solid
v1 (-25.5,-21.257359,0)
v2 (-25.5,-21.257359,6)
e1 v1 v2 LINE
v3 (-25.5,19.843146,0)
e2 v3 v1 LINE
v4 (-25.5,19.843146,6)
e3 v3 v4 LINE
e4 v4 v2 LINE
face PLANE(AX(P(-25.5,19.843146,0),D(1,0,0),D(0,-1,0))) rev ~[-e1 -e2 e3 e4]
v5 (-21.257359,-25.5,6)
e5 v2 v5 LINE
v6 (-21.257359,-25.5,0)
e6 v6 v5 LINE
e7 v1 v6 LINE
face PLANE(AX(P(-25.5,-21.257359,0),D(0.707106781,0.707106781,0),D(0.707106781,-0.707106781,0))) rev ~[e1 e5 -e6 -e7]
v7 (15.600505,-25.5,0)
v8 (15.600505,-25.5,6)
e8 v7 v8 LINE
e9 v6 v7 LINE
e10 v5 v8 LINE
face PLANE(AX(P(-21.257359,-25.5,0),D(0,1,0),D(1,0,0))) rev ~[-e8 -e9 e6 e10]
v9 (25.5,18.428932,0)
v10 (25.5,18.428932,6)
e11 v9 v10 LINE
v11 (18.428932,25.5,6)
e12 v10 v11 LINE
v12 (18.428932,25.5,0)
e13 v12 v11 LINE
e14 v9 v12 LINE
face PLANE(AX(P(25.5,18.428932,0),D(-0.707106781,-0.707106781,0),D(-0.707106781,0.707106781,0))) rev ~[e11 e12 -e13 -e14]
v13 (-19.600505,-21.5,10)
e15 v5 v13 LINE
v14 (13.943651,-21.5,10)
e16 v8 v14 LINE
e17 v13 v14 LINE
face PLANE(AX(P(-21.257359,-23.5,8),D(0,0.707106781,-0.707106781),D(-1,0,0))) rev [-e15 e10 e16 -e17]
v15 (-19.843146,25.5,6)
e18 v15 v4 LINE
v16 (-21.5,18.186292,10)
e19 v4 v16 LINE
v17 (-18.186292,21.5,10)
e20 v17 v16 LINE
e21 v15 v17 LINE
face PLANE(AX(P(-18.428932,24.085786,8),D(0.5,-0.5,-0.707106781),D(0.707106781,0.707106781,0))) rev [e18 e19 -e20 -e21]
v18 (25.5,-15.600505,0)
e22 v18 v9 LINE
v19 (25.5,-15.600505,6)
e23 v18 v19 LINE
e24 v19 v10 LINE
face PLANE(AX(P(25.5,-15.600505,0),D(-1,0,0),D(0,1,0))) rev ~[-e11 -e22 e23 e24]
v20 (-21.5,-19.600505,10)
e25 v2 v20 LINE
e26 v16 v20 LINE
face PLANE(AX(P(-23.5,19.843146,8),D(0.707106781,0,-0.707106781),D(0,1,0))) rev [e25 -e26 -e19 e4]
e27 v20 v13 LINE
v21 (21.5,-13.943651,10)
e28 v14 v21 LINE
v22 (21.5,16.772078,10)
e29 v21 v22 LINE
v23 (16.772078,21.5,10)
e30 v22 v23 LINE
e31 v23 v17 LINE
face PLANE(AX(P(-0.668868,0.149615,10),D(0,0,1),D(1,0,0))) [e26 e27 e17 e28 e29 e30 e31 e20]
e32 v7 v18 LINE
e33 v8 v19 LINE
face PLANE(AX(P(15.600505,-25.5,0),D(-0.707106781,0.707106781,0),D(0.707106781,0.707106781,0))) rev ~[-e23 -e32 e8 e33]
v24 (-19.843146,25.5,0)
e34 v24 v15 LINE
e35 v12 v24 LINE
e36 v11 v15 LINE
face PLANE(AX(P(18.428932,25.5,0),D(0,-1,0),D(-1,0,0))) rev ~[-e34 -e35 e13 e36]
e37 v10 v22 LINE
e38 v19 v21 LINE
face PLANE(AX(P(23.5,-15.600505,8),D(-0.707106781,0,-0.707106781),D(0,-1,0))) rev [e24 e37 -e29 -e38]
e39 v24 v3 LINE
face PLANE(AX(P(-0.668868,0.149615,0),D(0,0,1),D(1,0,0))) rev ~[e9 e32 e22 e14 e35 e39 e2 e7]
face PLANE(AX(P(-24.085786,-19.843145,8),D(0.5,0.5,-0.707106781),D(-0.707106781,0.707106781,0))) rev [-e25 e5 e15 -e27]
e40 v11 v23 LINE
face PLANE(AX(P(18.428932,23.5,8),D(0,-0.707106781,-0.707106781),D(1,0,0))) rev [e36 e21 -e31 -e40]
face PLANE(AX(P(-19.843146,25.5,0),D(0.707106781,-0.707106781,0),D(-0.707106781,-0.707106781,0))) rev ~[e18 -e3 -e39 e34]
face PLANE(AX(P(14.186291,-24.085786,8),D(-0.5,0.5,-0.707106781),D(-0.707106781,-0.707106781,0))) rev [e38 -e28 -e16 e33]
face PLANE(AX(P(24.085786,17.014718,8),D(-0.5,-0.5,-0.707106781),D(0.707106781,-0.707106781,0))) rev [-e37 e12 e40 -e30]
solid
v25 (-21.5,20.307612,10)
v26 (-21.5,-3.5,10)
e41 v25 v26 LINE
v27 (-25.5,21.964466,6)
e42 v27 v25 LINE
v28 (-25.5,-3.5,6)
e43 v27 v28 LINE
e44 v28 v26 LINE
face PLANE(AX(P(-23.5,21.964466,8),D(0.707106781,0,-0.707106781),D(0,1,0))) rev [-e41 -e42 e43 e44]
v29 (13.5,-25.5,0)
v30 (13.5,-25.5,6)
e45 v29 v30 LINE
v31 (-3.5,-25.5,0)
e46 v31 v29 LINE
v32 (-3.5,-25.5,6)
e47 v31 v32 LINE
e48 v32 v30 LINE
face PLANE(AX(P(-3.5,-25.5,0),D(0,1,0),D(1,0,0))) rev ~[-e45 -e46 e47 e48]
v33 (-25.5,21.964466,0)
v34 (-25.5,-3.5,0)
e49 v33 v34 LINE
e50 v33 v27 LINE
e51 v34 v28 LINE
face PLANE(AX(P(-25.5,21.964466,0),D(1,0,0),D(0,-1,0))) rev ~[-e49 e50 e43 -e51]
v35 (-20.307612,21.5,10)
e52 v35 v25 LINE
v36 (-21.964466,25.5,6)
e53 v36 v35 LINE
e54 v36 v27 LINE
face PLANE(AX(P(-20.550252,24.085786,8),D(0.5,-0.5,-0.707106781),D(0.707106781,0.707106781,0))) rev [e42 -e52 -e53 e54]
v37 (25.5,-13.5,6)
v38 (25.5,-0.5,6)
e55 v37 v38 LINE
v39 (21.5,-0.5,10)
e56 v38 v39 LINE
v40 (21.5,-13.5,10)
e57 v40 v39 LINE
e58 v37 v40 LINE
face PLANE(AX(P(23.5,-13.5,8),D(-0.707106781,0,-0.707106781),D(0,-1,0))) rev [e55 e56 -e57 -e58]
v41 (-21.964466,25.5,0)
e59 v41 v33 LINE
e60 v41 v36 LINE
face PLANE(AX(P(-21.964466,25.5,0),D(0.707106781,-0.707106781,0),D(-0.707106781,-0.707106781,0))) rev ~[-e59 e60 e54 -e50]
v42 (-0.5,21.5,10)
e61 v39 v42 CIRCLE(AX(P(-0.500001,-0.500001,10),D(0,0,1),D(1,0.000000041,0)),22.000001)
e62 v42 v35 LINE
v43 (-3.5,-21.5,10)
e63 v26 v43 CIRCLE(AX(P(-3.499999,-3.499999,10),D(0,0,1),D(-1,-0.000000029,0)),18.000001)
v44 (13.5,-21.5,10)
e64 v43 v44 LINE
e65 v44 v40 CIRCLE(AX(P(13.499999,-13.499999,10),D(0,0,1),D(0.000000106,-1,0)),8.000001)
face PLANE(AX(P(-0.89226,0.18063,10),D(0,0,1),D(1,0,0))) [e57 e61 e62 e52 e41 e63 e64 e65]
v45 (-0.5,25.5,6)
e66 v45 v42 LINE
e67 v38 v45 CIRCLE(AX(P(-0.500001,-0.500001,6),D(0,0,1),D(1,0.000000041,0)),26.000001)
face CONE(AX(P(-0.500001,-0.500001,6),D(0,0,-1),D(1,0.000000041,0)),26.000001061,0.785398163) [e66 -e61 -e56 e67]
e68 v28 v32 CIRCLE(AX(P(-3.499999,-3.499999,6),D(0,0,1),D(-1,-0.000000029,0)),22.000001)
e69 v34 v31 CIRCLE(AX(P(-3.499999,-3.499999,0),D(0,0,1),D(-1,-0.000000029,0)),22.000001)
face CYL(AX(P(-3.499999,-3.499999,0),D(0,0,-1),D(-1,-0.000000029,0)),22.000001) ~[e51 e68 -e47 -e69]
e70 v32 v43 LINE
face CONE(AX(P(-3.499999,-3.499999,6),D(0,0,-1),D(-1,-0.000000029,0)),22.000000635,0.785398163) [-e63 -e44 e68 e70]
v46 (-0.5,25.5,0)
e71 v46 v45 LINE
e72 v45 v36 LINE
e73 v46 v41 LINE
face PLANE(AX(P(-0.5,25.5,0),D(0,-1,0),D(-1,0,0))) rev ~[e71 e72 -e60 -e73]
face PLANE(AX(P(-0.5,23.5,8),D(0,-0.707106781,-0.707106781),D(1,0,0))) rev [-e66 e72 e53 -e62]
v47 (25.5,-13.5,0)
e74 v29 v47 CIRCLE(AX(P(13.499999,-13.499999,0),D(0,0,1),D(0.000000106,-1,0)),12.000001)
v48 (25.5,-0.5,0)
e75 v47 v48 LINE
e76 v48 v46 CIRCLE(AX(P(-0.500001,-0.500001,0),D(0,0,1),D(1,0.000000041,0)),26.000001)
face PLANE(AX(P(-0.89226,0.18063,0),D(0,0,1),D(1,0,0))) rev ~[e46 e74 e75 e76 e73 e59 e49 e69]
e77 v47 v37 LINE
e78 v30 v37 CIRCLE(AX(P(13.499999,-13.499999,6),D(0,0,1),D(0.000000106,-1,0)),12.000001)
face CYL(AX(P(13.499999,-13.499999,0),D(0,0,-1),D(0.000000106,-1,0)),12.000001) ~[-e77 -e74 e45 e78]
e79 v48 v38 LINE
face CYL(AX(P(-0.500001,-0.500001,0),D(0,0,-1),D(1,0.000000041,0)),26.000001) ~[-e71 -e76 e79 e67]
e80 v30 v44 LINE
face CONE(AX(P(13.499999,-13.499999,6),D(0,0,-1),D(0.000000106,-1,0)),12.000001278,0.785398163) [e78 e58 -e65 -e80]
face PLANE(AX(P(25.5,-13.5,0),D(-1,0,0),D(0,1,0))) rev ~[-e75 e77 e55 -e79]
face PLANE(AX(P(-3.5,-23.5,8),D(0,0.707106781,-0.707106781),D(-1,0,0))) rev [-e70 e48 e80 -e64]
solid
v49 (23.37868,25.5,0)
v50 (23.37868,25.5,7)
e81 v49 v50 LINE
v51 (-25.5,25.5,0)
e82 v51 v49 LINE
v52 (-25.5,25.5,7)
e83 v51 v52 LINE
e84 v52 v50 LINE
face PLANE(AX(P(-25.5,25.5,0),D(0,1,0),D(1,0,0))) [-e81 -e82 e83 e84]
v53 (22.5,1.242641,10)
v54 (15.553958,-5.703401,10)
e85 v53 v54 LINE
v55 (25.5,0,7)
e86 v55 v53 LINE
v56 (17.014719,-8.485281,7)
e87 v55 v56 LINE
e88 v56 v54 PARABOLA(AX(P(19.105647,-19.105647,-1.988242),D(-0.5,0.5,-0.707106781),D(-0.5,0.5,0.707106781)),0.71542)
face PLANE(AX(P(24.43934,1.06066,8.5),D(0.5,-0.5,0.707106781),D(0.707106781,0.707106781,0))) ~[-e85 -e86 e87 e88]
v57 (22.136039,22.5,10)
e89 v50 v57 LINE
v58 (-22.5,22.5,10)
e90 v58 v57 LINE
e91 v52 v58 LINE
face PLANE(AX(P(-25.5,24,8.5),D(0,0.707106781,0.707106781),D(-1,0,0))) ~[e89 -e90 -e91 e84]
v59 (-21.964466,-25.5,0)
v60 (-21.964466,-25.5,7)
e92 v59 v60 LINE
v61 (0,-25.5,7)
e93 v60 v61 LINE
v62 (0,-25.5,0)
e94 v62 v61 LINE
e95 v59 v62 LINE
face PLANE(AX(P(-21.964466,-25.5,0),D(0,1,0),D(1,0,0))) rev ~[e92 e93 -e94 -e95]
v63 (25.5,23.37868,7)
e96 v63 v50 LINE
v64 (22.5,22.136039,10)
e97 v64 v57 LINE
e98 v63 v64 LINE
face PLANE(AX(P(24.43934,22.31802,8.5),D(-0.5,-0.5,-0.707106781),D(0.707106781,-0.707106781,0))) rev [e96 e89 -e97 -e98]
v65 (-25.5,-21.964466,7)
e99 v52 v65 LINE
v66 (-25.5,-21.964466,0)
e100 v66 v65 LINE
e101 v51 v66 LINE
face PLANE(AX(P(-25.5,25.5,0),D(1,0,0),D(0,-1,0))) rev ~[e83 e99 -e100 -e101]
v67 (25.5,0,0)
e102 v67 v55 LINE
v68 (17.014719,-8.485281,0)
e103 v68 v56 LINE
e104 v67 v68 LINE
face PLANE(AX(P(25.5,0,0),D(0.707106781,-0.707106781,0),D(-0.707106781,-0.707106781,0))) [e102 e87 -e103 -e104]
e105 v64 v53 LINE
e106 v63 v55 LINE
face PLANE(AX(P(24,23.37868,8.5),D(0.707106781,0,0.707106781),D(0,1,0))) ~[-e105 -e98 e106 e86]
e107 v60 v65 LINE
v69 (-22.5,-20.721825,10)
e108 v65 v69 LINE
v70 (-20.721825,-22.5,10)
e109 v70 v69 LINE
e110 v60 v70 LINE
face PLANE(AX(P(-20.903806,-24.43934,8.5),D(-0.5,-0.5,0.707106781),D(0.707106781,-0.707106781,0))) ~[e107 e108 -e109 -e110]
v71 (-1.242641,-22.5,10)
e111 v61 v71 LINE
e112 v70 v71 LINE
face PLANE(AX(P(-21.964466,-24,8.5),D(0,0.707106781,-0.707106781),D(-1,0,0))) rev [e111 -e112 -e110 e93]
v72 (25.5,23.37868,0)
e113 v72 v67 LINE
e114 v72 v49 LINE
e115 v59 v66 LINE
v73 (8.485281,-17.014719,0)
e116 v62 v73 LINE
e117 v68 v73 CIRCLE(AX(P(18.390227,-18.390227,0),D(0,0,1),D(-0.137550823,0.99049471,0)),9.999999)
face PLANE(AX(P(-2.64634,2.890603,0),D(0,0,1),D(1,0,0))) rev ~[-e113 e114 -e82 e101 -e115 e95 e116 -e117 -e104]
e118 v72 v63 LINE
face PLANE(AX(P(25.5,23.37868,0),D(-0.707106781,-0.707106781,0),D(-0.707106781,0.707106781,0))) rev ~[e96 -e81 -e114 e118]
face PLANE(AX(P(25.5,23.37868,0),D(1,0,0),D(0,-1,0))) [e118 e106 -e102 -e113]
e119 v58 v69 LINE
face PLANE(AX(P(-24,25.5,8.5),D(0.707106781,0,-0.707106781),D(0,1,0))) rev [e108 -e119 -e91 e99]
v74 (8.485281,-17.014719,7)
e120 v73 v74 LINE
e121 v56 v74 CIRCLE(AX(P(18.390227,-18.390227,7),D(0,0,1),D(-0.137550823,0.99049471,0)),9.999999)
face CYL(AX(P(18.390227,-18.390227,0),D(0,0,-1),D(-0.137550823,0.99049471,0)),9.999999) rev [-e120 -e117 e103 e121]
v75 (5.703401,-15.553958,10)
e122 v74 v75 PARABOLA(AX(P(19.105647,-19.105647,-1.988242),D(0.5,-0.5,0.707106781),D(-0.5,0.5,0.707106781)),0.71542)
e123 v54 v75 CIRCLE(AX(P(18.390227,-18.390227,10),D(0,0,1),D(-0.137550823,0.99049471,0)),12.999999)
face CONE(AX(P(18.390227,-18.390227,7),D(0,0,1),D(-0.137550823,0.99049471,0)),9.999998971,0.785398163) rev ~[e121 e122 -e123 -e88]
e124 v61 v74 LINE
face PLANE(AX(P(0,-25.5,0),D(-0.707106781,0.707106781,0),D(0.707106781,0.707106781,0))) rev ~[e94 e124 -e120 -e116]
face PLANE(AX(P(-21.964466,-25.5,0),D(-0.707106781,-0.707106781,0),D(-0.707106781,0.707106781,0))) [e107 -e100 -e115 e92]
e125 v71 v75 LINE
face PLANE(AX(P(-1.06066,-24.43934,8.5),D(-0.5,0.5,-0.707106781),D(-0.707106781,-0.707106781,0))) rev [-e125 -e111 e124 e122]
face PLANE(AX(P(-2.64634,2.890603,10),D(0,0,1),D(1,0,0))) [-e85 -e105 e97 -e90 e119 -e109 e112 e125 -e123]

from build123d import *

# Parameters (mm, degrees)
PAD_DEPTH       = 10
CHAMFER_SIZE    = 4
PAD001_DEPTH    = 10
CHAMFER001_SIZE = 4
PAD002_DEPTH    = 10
CHAMFER002_SIZE = 3


with BuildPart() as f_2body:
    # Sketch → Pad (new body)
    with BuildSketch(Plane.XY):
        Polygon((-25.5, 19.843146), (-25.5, -21.257359), (-21.257359, -25.5), (15.600505, -25.5), (25.5, -15.600505), (25.5, 18.428932), (18.428932, 25.5), (-19.843146, 25.5), align=None)
    extrude(amount=PAD_DEPTH)

    # Chamfer
    chamfer_edges = [f_2body.edges().sort_by_distance(p)[0] for p in [
        (-2.828427, -25.5, 10),
        (-23.37868, -23.37868, 10),
        (-25.5, -0.707107, 10),
        (-22.671573, 22.671573, 10),
        (-0.707107, 25.5, 10),
        (21.964466, 21.964466, 10),
        (25.5, 1.414214, 10),
        (20.550253, -20.550253, 10),
    ]]
    chamfer(chamfer_edges, length=CHAMFER_SIZE)


with BuildPart() as f_4body:
    # Sketch001 → Pad001 (new body)
    with BuildSketch(Plane.XY):
        with BuildLine():
            Line((-3.5, -25.5), (13.5, -25.5))
            ThreePointArc((13.5, -25.5), (21.985281, -21.985281), (25.5, -13.5))
            Line((25.5, -13.5), (25.5, -0.5))
            ThreePointArc((25.5, -0.5), (17.884776, 17.884776), (-0.5, 25.5))
            Line((-0.5, 25.5), (-21.964466, 25.5))
            Line((-21.964466, 25.5), (-25.5, 21.964466))
            Line((-25.5, 21.964466), (-25.5, -3.5))
            ThreePointArc((-25.5, -3.5), (-19.056349, -19.056349), (-3.5, -25.5))
        make_face()
    extrude(amount=PAD001_DEPTH)

    # Chamfer001
    chamfer001_edges = [f_4body.edges().sort_by_distance(p)[0] for p in [
        (-23.732233, 23.732233, 10),
        (-11.232233, 25.5, 10),
        (17.884776, 17.884776, 10),
        (25.5, -7, 10),
        (21.985281, -21.985281, 10),
        (5, -25.5, 10),
        (-19.056349, -19.056349, 10),
        (-25.5, 9.232233, 10),
    ]]
    chamfer(chamfer001_edges, length=CHAMFER001_SIZE)


with BuildPart() as f_3body:
    # Sketch002 → Pad002 (new body)
    with BuildSketch(Plane.XY):
        with BuildLine():
            Line((-25.5, 25.5), (-25.5, -21.964466))
            Line((-21.964466, -25.5), (-25.5, -21.964466))
            Line((-21.964466, -25.5), (0, -25.5))
            Line((0, -25.5), (8.485281, -17.014719))
            ThreePointArc((17.014719, -8.485281), (11.31916, -11.31916), (8.485281, -17.014719))
            Line((25.5, 0), (17.014719, -8.485281))
            Line((25.5, 23.37868), (25.5, 0))
            Line((25.5, 23.37868), (23.37868, 25.5))
            Line((-25.5, 25.5), (23.37868, 25.5))
        make_face()
    extrude(amount=PAD002_DEPTH)

    # Chamfer002
    chamfer002_edges = [f_3body.edges().sort_by_distance(p)[0] for p in [
        (-25.5, 1.767767, 10),
        (-1.06066, 25.5, 10),
        (24.43934, 24.43934, 10),
        (25.5, 11.68934, 10),
        (21.257359, -4.242641, 10),
        (11.31916, -11.31916, 10),
        (4.242641, -21.257359, 10),
        (-10.982233, -25.5, 10),
        (-23.732233, -23.732233, 10),
    ]]
    chamfer(chamfer002_edges, length=CHAMFER002_SIZE)


solid = Compound([f_2body.part, f_4body.part, f_3body.part])
